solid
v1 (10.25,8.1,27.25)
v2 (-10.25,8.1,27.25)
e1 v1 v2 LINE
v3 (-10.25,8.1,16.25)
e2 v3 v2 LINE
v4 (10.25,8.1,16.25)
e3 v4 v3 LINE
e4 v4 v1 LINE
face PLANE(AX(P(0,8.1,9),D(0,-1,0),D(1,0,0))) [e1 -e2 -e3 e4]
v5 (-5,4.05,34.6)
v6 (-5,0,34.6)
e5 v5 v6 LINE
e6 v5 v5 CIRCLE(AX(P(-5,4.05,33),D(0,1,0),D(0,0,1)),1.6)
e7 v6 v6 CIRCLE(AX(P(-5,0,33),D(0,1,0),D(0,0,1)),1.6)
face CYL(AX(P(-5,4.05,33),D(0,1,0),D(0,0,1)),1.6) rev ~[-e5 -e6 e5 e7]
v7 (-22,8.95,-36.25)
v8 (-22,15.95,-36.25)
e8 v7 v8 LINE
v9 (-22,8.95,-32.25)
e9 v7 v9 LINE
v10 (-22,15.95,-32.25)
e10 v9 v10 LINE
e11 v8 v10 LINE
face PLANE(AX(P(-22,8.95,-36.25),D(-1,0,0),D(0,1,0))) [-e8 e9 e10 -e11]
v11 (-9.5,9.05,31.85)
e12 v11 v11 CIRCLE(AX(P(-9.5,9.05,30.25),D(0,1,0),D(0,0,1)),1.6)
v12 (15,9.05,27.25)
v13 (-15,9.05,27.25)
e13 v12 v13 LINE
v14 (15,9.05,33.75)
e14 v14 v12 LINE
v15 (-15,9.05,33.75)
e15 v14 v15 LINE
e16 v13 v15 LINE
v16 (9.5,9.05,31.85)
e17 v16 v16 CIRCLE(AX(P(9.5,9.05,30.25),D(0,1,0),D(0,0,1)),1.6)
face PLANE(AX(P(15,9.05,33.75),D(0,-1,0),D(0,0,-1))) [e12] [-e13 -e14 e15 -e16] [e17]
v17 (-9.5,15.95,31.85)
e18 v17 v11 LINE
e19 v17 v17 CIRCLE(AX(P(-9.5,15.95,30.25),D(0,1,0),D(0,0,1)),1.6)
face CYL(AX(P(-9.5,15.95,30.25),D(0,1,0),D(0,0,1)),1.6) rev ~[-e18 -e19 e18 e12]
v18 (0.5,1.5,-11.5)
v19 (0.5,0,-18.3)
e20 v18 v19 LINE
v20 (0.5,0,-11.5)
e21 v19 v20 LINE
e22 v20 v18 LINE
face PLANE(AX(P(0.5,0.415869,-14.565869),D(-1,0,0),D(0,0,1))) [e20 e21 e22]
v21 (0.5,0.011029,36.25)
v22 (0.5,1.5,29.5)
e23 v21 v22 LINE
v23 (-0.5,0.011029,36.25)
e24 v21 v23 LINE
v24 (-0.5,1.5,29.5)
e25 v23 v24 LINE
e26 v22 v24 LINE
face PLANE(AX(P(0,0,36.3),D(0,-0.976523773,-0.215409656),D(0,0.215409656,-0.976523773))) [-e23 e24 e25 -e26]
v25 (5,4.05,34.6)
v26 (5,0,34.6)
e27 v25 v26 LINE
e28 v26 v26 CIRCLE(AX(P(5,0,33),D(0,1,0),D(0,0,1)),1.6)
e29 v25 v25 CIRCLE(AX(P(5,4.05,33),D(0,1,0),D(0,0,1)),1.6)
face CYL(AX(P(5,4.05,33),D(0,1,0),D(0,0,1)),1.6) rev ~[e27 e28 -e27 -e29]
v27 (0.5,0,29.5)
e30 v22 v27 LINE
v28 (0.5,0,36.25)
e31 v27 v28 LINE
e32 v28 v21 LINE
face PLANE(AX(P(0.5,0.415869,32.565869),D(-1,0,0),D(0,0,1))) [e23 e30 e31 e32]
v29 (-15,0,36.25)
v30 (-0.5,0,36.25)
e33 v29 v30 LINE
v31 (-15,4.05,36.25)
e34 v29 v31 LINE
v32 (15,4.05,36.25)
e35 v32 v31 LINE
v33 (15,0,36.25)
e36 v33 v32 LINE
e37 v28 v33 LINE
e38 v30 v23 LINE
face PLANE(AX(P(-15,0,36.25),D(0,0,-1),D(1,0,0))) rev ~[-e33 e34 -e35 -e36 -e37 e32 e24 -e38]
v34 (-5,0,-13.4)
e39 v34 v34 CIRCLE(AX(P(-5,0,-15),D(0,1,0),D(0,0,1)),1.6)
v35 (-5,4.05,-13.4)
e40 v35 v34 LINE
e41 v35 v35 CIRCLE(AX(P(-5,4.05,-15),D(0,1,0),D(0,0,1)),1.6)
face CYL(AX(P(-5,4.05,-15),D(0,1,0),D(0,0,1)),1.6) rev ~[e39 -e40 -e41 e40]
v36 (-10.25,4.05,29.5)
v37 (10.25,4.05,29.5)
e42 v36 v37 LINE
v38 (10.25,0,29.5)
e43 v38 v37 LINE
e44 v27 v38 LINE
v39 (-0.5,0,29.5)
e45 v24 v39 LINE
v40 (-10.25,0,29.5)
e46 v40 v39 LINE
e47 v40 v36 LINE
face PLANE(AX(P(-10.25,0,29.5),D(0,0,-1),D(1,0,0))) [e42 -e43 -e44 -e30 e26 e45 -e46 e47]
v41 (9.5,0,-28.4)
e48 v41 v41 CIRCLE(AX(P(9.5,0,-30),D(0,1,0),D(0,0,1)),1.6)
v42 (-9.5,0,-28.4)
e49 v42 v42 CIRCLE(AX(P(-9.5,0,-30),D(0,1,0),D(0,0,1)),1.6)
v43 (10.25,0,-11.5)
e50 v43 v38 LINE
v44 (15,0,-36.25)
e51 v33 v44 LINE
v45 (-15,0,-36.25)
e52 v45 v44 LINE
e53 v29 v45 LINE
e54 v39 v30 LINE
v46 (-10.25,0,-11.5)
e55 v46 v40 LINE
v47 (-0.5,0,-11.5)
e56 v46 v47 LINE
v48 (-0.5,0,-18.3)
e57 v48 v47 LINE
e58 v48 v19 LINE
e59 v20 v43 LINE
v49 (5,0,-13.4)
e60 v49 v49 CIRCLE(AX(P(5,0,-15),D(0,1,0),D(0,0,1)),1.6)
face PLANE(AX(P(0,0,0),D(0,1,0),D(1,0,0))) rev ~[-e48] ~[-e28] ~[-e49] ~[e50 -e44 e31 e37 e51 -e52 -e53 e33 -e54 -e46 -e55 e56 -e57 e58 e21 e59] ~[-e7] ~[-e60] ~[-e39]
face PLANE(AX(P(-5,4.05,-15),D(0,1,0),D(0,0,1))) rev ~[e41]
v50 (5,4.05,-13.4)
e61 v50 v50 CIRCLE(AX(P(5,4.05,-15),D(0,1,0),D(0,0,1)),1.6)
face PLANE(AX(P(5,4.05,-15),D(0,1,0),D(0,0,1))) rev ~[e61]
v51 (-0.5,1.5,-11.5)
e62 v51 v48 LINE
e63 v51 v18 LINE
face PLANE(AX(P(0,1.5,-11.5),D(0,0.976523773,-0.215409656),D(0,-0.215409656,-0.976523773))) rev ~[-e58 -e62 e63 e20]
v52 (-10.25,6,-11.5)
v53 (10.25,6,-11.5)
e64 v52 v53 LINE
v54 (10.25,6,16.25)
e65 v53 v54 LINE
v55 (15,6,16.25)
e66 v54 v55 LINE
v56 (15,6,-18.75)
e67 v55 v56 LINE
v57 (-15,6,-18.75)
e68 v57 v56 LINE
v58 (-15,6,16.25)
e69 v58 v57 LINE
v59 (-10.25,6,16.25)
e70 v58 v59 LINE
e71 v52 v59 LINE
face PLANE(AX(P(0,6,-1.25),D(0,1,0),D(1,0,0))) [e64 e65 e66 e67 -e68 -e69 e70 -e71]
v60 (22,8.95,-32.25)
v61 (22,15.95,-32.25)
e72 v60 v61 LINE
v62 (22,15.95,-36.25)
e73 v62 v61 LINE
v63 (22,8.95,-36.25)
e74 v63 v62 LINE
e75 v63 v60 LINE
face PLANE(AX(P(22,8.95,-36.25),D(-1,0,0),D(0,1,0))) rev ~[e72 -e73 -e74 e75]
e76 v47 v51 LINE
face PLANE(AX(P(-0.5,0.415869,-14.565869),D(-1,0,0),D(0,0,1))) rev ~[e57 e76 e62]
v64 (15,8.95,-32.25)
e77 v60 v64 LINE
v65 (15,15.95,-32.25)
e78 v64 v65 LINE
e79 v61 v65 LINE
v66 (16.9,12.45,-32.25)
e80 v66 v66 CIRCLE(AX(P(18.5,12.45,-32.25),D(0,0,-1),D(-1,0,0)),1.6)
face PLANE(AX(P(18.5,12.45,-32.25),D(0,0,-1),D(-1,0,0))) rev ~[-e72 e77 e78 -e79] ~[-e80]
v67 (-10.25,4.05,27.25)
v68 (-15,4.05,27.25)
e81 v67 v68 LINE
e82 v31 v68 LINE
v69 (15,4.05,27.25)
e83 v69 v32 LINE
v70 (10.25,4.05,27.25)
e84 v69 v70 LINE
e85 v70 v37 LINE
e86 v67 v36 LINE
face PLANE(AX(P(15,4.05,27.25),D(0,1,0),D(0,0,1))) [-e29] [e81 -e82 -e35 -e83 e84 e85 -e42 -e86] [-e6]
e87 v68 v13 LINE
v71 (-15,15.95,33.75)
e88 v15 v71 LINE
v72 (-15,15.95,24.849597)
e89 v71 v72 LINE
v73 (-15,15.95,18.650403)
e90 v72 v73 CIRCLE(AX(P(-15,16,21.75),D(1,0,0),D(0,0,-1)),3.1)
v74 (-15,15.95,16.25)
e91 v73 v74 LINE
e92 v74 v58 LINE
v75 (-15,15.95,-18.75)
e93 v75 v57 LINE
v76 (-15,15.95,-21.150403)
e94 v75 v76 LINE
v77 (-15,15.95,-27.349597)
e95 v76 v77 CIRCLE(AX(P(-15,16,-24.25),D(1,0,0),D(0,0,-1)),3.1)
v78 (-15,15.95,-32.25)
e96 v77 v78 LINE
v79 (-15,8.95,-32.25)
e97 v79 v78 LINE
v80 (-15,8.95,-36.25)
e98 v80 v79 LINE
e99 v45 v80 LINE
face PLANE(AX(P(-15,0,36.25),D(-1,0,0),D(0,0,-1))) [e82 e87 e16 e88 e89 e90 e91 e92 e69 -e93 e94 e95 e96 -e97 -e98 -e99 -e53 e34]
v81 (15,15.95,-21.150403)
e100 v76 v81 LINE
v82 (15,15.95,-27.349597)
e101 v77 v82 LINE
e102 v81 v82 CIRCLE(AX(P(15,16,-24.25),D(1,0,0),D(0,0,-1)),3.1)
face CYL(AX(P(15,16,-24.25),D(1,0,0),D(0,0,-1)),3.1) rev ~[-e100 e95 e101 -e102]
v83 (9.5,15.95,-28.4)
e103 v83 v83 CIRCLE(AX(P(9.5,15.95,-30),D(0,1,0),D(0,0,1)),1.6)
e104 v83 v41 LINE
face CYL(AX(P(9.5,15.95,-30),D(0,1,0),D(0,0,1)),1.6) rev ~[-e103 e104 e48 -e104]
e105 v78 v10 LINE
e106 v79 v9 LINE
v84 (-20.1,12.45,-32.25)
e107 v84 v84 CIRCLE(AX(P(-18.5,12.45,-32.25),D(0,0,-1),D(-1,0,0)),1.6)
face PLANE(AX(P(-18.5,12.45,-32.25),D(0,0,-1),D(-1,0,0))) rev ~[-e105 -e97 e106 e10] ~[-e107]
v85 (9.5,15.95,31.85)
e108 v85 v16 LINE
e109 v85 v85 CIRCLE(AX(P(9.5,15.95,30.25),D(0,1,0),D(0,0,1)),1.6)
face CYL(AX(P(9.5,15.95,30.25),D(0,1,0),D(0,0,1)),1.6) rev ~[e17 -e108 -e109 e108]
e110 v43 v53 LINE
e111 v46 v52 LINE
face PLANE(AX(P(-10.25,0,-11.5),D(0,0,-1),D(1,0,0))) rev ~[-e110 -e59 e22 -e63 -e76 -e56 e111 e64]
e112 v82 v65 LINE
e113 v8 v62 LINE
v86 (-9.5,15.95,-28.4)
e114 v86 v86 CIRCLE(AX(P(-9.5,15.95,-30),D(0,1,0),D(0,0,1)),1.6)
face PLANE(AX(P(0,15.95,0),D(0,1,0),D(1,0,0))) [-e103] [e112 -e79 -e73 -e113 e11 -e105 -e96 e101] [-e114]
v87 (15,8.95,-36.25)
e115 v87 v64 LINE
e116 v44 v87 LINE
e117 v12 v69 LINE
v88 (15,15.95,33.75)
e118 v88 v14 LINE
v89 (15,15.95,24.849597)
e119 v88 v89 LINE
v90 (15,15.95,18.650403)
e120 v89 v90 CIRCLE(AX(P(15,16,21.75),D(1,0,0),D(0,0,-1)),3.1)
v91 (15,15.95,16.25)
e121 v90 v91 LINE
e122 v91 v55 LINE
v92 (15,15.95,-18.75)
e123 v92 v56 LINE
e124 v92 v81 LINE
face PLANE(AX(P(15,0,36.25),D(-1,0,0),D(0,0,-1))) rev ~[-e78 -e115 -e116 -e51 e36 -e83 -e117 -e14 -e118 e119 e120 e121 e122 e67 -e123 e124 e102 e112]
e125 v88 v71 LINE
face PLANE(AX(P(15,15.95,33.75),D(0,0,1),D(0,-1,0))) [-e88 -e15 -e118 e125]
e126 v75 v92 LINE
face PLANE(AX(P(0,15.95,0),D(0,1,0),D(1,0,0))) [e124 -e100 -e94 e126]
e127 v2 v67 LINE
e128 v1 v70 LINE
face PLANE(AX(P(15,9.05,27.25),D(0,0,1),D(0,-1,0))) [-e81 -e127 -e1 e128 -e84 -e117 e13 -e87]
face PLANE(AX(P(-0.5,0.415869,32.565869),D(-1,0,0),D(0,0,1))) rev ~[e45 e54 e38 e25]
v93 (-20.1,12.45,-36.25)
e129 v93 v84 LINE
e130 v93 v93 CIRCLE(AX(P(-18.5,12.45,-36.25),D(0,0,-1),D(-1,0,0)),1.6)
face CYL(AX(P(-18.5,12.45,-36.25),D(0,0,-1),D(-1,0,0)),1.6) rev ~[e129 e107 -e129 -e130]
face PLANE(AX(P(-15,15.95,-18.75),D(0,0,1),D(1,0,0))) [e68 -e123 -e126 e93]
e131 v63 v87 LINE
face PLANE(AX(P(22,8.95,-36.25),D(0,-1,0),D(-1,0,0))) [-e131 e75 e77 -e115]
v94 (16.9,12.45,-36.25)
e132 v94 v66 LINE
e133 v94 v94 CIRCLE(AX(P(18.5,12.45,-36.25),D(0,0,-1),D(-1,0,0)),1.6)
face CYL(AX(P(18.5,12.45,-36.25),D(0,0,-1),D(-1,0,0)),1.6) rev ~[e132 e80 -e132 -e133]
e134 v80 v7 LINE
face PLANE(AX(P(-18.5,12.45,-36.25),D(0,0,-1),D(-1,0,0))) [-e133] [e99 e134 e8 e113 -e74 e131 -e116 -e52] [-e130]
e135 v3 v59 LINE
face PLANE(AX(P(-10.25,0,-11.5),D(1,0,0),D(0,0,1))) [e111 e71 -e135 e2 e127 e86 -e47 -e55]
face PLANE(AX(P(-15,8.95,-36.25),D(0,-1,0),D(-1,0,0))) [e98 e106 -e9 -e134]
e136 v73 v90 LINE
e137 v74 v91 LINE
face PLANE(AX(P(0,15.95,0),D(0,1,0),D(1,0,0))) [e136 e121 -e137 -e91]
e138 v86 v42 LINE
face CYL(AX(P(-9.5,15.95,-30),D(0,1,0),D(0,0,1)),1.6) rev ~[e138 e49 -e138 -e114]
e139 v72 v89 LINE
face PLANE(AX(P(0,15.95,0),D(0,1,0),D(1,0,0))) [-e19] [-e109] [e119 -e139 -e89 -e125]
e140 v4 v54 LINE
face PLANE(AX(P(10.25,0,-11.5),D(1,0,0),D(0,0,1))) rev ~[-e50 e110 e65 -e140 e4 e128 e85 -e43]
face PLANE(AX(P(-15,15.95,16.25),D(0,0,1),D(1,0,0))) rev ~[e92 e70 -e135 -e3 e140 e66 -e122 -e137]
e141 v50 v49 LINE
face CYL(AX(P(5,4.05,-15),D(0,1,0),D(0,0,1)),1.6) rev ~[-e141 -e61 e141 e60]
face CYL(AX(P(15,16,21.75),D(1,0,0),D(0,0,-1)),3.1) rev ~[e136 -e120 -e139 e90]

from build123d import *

# Parameters (mm, degrees)
SKETCH3_W           = 30
SKETCH3_H           = 72.5
BOSS_EXTRUDE2_DEPTH = 15.95
SKETCH7_W           = 20.5
SKETCH7_H           = 41
CUT_EXTRUDE5_DEPTH  = 8.1
SKETCH8_W           = 30
SKETCH8_H           = 35
CUT_EXTRUDE6_DEPTH  = 9.95
CUT_EXTRUDE7_DEPTH  = 50.683649222
SKETCH10_R          = 3.1
CUT_EXTRUDE8_DEPTH  = 50.683649222
CUT_EXTRUDE9_REACH  = 44.349
SKETCH11_R          = 1.6
CUT_EXTRUDE10_REACH = 42.996
SKETCH12_R          = 1.6
SKETCH13_W          = 7
SKETCH13_H          = 7
SKETCH13_R          = 1.6
BOSS_EXTRUDE3_DEPTH = 4
CUT_EXTRUDE11_DEPTH = 0.5


with BuildPart() as part:
    # Sketch3 → Boss-Extrude2 (new body)
    with BuildSketch(Plane(origin=(0, 0, 0), x_dir=(1, 0, 0), z_dir=(0, 1, 0))):
        Rectangle(SKETCH3_W, SKETCH3_H)
    extrude(amount=BOSS_EXTRUDE2_DEPTH)

    # Sketch7 → Cut-Extrude5 (cut)
    with BuildSketch(Plane.XZ):
        with Locations((0, 9)):
            Rectangle(SKETCH7_W, SKETCH7_H)
    extrude(amount=-CUT_EXTRUDE5_DEPTH, mode=Mode.SUBTRACT)

    # Sketch8 → Cut-Extrude6 (cut)
    with BuildSketch(Plane(origin=(0, 15.95, 0), x_dir=(1, 0, 0), z_dir=(0, 1, 0))):
        with Locations((0, 1.25)):
            Rectangle(SKETCH8_W, SKETCH8_H)
    extrude(amount=-CUT_EXTRUDE6_DEPTH, mode=Mode.SUBTRACT)

    # Sketch9 → Cut-Extrude7 (cut, through all)
    with BuildSketch(Plane(origin=(15, 0, 0), x_dir=(0, 0, -1), z_dir=(1, 0, 0))):
        Polygon((-36.25, 15.95), (-33.75, 15.95), (-33.75, 9.05), (-27.25, 9.05), (-27.25, 4.05), (-36.25, 4.05), align=None)
    extrude(amount=-CUT_EXTRUDE7_DEPTH, mode=Mode.SUBTRACT)

    # Sketch10 → Cut-Extrude8 (cut, through all)
    with BuildSketch(Plane(origin=(15, 0, 0), x_dir=(0, 0, -1), z_dir=(1, 0, 0))):
        with Locations((24.25, 16)):
            Circle(SKETCH10_R)
        with Locations((-21.75, 16)):
            Circle(SKETCH10_R)
    extrude(amount=-CUT_EXTRUDE8_DEPTH, mode=Mode.SUBTRACT)

    # Sketch11 → Cut-Extrude9 (cut, up to next)
    with BuildSketch(Plane(origin=(0, 15.95, 0), x_dir=(1, 0, 0), z_dir=(0, 1, 0)), mode=Mode.PRIVATE) as cut_extrude9_sk1:
        with Locations(Location((-9.5, -30.25, 0), (0, 0, 270))):
            Circle(SKETCH11_R)
    cut_extrude9_tool1 = extrude(cut_extrude9_sk1.sketch, amount=-CUT_EXTRUDE9_REACH, mode=Mode.PRIVATE) & part.part
    # Sketch11 → Cut-Extrude9 (cut, up to next)
    with BuildSketch(Plane(origin=(0, 15.95, 0), x_dir=(1, 0, 0), z_dir=(0, 1, 0)), mode=Mode.PRIVATE) as cut_extrude9_sk2:
        with Locations(Location((9.5, -30.25, 0), (0, 0, 270))):
            Circle(SKETCH11_R)
    cut_extrude9_tool2 = extrude(cut_extrude9_sk2.sketch, amount=-CUT_EXTRUDE9_REACH, mode=Mode.PRIVATE) & part.part
    # Sketch11 → Cut-Extrude9 (cut, up to next)
    with BuildSketch(Plane(origin=(0, 15.95, 0), x_dir=(1, 0, 0), z_dir=(0, 1, 0)), mode=Mode.PRIVATE) as cut_extrude9_sk3:
        with Locations(Location((-9.5, 30, 0), (0, 0, 270))):
            Circle(SKETCH11_R)
    cut_extrude9_tool3 = extrude(cut_extrude9_sk3.sketch, amount=-CUT_EXTRUDE9_REACH, mode=Mode.PRIVATE) & part.part
    # Sketch11 → Cut-Extrude9 (cut, up to next)
    with BuildSketch(Plane(origin=(0, 15.95, 0), x_dir=(1, 0, 0), z_dir=(0, 1, 0)), mode=Mode.PRIVATE) as cut_extrude9_sk4:
        with Locations(Location((9.5, 30, 0), (0, 0, 270))):
            Circle(SKETCH11_R)
    cut_extrude9_tool4 = extrude(cut_extrude9_sk4.sketch, amount=-CUT_EXTRUDE9_REACH, mode=Mode.PRIVATE) & part.part
    add(cut_extrude9_tool1.solids().sort_by_distance((-9.5, 15.95, 30.25))[0], mode=Mode.SUBTRACT)
    add(cut_extrude9_tool2.solids().sort_by_distance((9.5, 15.95, 30.25))[0], mode=Mode.SUBTRACT)
    add(cut_extrude9_tool3.solids().sort_by_distance((-9.5, 15.95, -30))[0], mode=Mode.SUBTRACT)
    add(cut_extrude9_tool4.solids().sort_by_distance((9.5, 15.95, -30))[0], mode=Mode.SUBTRACT)

    # Sketch12 → Cut-Extrude10 (cut, up to next)
    with BuildSketch(Plane(origin=(0, 4.05, 0), x_dir=(1, 0, 0), z_dir=(0, 1, 0)), mode=Mode.PRIVATE) as cut_extrude10_sk1:
        with Locations(Location((-5, -33, 0), (0, 0, 270))):
            Circle(SKETCH12_R)
    cut_extrude10_tool1 = extrude(cut_extrude10_sk1.sketch, amount=-CUT_EXTRUDE10_REACH, mode=Mode.PRIVATE) & part.part
    # Sketch12 → Cut-Extrude10 (cut, up to next)
    with BuildSketch(Plane(origin=(0, 4.05, 0), x_dir=(1, 0, 0), z_dir=(0, 1, 0)), mode=Mode.PRIVATE) as cut_extrude10_sk2:
        with Locations(Location((5, -33, 0), (0, 0, 270))):
            Circle(SKETCH12_R)
    cut_extrude10_tool2 = extrude(cut_extrude10_sk2.sketch, amount=-CUT_EXTRUDE10_REACH, mode=Mode.PRIVATE) & part.part
    # Sketch12 → Cut-Extrude10 (cut, up to next)
    with BuildSketch(Plane(origin=(0, 4.05, 0), x_dir=(1, 0, 0), z_dir=(0, 1, 0)), mode=Mode.PRIVATE) as cut_extrude10_sk3:
        with Locations(Location((-5, 15, 0), (0, 0, 270))):
            Circle(SKETCH12_R)
    cut_extrude10_tool3 = extrude(cut_extrude10_sk3.sketch, amount=-CUT_EXTRUDE10_REACH, mode=Mode.PRIVATE) & part.part
    # Sketch12 → Cut-Extrude10 (cut, up to next)
    with BuildSketch(Plane(origin=(0, 4.05, 0), x_dir=(1, 0, 0), z_dir=(0, 1, 0)), mode=Mode.PRIVATE) as cut_extrude10_sk4:
        with Locations(Location((5, 15, 0), (0, 0, 270))):
            Circle(SKETCH12_R)
    cut_extrude10_tool4 = extrude(cut_extrude10_sk4.sketch, amount=-CUT_EXTRUDE10_REACH, mode=Mode.PRIVATE) & part.part
    add(cut_extrude10_tool1.solids().sort_by_distance((-5, 4.05, 33))[0], mode=Mode.SUBTRACT)
    add(cut_extrude10_tool2.solids().sort_by_distance((5, 4.05, 33))[0], mode=Mode.SUBTRACT)
    add(cut_extrude10_tool3.solids().sort_by_distance((-5, 4.05, -15))[0], mode=Mode.SUBTRACT)
    add(cut_extrude10_tool4.solids().sort_by_distance((5, 4.05, -15))[0], mode=Mode.SUBTRACT)

    # Sketch13 → Boss-Extrude3 (add)
    # profile 1 of 2: a face of its own
    with BuildSketch(Plane(origin=(0, 0, -36.25), x_dir=(-1, 0, 0), z_dir=(0, 0, -1))):
        with Locations((18.5, 12.45)):
            Rectangle(SKETCH13_W, SKETCH13_H)
        with Locations((18.5, 12.45)):
            Circle(SKETCH13_R, mode=Mode.SUBTRACT)
    # profile 2 of 2: a face of its own
    with BuildSketch(Plane(origin=(0, 0, -36.25), x_dir=(-1, 0, 0), z_dir=(0, 0, -1))):
        with Locations((-18.5, 12.45)):
            Rectangle(SKETCH13_W, SKETCH13_H)
        with Locations((-18.5, 12.45)):
            Circle(SKETCH13_R, mode=Mode.SUBTRACT)
    extrude(amount=-BOSS_EXTRUDE3_DEPTH)

    # Sketch14 → Cut-Extrude11 (cut, symmetric)
    with BuildSketch(Plane(origin=(0, 0, 0), x_dir=(0, 0, -1), z_dir=(1, 0, 0))):
        Polygon((18.3, 0), (11.5, 0), (11.5, 1.5), align=None)
        Polygon((-36.3, 0), (-29.5, 1.5), (-29.5, 0), align=None)
    extrude(amount=CUT_EXTRUDE11_DEPTH, both=True, mode=Mode.SUBTRACT)


solid = part.part
